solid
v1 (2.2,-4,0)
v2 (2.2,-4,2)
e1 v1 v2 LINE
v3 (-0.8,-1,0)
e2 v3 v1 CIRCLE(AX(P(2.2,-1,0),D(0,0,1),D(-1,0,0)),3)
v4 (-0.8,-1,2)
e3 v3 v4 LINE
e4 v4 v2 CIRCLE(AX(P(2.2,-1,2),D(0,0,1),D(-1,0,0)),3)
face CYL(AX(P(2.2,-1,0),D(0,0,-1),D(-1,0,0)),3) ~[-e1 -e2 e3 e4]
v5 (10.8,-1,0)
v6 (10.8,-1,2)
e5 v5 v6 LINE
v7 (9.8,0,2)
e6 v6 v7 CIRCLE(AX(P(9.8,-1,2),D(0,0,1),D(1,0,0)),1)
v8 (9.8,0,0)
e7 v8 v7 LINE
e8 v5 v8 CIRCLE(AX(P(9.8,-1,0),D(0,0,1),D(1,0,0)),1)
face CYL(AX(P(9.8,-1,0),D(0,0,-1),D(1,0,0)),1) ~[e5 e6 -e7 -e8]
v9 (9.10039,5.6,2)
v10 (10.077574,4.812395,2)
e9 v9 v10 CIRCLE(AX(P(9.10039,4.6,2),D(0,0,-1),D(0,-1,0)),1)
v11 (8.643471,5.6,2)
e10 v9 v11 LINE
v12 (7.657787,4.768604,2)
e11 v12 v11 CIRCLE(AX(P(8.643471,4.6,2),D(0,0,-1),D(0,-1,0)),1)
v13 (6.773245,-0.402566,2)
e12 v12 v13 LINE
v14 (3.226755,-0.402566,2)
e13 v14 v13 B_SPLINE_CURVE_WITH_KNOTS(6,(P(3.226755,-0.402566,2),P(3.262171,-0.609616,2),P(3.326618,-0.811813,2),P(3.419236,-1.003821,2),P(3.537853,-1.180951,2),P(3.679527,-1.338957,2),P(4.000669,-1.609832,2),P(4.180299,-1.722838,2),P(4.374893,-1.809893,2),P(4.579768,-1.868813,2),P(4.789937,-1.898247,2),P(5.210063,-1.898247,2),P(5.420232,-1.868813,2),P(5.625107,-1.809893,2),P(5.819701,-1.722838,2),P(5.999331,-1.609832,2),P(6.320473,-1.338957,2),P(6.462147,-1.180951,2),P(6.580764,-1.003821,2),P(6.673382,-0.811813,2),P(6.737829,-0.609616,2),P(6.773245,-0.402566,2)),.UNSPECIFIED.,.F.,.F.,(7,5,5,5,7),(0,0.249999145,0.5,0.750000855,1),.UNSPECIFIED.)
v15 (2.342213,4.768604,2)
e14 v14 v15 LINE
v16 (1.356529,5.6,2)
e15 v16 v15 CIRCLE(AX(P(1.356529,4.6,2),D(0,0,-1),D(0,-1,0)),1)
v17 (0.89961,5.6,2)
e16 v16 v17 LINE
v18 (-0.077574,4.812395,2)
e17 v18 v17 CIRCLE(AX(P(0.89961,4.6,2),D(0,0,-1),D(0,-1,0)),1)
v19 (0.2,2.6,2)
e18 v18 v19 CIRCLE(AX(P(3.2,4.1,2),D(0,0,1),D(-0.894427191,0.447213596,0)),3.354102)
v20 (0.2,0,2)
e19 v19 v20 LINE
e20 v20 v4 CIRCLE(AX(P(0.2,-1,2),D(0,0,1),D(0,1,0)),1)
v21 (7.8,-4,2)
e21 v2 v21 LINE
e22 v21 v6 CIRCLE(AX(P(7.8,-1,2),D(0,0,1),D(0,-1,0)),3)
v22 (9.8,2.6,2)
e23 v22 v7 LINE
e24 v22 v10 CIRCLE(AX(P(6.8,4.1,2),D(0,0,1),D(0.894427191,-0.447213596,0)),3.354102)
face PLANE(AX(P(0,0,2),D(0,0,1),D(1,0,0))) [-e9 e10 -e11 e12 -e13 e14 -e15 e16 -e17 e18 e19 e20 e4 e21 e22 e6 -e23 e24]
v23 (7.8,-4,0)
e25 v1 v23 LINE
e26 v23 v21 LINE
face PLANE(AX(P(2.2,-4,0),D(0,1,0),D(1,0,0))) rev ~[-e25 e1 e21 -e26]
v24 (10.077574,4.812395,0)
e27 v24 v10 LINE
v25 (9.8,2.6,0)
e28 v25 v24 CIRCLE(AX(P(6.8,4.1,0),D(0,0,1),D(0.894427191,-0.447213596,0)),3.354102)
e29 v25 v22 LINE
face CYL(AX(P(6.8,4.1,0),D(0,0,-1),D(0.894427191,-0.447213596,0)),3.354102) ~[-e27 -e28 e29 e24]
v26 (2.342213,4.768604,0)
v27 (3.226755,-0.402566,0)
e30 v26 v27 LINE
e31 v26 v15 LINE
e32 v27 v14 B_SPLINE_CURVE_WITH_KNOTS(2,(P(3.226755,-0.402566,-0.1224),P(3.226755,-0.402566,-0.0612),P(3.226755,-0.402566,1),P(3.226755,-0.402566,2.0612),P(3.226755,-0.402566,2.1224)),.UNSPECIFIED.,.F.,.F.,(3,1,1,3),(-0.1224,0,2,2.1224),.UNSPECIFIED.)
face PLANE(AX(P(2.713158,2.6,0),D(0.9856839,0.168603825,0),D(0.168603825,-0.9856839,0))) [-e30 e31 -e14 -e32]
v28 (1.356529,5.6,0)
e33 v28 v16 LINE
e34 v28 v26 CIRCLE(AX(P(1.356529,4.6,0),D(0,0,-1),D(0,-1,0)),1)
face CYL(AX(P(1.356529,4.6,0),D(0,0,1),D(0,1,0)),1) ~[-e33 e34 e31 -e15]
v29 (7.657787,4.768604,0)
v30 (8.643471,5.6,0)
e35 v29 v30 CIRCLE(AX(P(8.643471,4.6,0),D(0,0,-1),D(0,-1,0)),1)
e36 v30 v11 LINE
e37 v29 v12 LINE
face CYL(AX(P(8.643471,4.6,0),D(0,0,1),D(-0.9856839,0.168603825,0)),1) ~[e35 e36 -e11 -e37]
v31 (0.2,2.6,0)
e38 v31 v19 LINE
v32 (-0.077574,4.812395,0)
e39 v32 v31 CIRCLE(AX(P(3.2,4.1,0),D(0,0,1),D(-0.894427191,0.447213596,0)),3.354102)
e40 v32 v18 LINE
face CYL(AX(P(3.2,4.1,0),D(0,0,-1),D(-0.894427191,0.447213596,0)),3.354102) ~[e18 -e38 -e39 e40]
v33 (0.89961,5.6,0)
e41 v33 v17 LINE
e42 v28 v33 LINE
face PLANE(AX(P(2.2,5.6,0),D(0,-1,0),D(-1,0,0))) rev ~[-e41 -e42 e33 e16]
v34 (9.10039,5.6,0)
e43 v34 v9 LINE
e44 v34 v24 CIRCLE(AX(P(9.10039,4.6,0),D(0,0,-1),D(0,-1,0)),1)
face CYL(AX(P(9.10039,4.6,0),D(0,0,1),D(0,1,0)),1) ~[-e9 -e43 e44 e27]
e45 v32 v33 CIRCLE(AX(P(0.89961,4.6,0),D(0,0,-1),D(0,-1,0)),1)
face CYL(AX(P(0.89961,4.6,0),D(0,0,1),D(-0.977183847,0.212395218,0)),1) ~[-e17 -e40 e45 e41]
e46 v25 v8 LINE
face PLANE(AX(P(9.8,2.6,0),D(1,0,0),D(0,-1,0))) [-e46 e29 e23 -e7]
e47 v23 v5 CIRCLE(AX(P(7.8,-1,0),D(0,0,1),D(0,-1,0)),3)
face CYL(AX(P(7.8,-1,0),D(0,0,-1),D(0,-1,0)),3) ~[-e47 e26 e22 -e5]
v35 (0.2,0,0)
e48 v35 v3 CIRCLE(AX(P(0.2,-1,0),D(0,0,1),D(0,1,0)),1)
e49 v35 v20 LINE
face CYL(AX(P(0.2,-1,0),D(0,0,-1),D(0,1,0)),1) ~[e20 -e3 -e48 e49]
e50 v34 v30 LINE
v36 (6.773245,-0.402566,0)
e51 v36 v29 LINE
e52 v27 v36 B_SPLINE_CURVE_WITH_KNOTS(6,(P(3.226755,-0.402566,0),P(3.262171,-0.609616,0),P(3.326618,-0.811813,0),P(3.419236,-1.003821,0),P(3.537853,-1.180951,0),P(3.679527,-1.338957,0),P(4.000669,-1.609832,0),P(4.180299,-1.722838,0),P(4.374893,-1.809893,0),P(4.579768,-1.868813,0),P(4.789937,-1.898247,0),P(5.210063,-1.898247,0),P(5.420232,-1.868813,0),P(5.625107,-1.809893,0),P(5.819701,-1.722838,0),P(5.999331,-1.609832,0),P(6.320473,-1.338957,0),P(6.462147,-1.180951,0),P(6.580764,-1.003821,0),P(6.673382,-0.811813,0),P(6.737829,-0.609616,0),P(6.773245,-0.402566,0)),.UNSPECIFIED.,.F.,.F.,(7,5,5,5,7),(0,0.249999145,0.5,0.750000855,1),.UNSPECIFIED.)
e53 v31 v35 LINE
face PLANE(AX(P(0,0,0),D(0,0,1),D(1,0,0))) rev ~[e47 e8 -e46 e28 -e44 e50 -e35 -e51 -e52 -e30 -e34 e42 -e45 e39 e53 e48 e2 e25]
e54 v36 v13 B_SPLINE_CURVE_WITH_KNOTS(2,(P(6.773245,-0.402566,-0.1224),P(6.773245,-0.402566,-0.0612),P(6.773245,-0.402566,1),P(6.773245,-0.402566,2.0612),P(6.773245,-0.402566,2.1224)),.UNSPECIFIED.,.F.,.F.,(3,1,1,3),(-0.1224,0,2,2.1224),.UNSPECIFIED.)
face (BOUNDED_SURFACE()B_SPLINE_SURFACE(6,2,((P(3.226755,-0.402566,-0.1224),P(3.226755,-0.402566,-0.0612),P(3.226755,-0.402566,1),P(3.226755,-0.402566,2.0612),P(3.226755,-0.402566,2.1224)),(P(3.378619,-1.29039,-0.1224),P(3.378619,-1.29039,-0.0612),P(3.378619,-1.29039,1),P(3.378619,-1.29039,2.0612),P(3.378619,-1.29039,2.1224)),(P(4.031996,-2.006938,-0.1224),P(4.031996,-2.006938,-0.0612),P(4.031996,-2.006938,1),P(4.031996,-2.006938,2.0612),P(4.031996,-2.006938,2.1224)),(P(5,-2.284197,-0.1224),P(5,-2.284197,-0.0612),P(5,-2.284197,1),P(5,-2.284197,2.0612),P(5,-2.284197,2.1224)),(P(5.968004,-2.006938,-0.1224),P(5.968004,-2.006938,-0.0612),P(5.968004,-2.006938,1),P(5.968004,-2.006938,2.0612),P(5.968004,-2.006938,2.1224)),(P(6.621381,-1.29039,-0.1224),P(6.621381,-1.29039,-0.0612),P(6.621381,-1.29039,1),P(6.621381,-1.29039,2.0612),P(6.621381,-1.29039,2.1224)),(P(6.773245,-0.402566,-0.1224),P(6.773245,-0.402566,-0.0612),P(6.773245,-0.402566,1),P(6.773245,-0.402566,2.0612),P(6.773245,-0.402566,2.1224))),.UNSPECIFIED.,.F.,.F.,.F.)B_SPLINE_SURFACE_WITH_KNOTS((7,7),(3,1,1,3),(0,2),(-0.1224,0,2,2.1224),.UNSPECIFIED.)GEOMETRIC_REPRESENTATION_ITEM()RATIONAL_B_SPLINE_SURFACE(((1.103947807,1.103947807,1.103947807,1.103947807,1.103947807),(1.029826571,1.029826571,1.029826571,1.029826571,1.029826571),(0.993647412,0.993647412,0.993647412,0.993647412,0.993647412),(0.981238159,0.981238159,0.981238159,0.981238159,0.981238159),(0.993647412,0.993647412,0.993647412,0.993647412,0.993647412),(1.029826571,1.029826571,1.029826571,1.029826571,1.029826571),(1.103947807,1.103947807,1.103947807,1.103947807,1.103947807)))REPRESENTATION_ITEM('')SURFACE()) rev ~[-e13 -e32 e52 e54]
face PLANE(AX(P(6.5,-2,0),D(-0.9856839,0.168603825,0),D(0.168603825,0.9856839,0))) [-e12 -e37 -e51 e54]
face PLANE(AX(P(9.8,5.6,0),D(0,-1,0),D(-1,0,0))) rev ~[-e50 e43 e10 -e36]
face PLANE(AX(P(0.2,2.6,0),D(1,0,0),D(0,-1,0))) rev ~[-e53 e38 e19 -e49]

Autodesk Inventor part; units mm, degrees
ref_plane "YZ Plane" through (0, 0, 0) normal (1, 0, 0) x (0, 1, 0)
ref_plane "XZ Plane" through (0, 0, 0) normal (0, 1, 0) x (-1, 0, 0)
ref_plane "XY Plane" through (0, 0, 0) normal (0, 0, 1) x (1, 0, 0)
sketch "lock_sketch" plane through (0, 0, 0) normal (0, 0, 1) x (1, 0, 0)
  line L0 (0, 0) -> (10, 0) projected
  line L1 (10, 0) -> (10, 2.6) projected
  line L2 (0, 2.6) -> (10, 2.6) projected
  line L3 (0, 0) -> (0, 2.6) projected
  line L4 (0.2, -4) -> (9.8, -4) construction
  line L5 (9.8, -4) -> (9.8, 5.6) construction
  line L6 (9.8, 5.6) -> (0.2, 5.6)
  line L7 (0.2, 5.6) -> (0.2, -4) construction
  arc A0 (0.2, 5.6) -> (0.2, 2.6) centre (3.2, 4.1) ccw
  arc A1 (9.8, 2.6) -> (9.8, 5.6) centre (6.8, 4.1) ccw
  line L8 (5, -4) -> (5, 0) construction
  line L9 (9.8, 2.6) -> (9.8, 0)
  line L10 (0.2, 2.6) -> (0.2, 0)
  line L11 (0.2, 0) -> (0.2, 0)
  line L12 (-0.8, -1) -> (-0.8, -1)
  line L13 (2.2, -4) -> (7.8, -4)
  line L14 (10.8, -1) -> (10.8, -1)
  line L15 (9.8, 0) -> (9.8, 0)
  arc A2 (-0.8, -1) -> (2.2, -4) centre (2.2, -1) ccw
  arc A3 (7.8, -4) -> (10.8, -1) centre (7.8, -1) ccw
  arc A4 (0.2, 0) -> (-0.8, -1) centre (0.2, -1) ccw
  arc A5 (10.8, -1) -> (9.8, 0) centre (9.8, -1) ccw
  line L16 (2.2, 5.6) -> (3.5, -2)
  line L17 (3.5, -2) -> (6.5, -2)
  line L18 (6.5, -2) -> (7.8, 5.6)
  point P0 (-0.8, 0)
  point P1 (10.8, 0)
  point P2 (0.2, 0)
  point P3 (9.8, 0)
  point P4 (5, -4)
  dimension "d4" = 0
  dimension "d0" = 10
  dimension "d1" = 9.6
  dimension "d2" = 0.2
  dimension "d6" = 3
  dimension "d7" = 3
  dimension "d9" = 2
  dimension "d10" = 2
  dimension "d14" = 4
  dimension "d17" = 3
  dimension "d18" = 1
  dimension "d19" = 1
  dimension "d22" = 3
  dimension "d23" = 1
  dimension "d24" = 3
  dimension "d25" = 2
extrude "lock" add sketch "lock_sketch" along normal blind 2 contours L10 L2 L16 L0 | L0 L16 L17 L18 A5 A3 L13 A2 A4 | A0 L6 L16 L2 | L18 L2 L9 L0 | L18 L6 A1 L2
fillet "teeth" radius 1 4 edges at (2.2, 5.6, 1) (7.8, 5.6, 1) (0.2, 5.6, 1) (9.8, 5.6, 1)
fillet "inside" radius 1.8 2 edges at (3.5, -2, 1) (6.5, -2, 1)
equation "\"d2\" = -0.5 * d1 + 0.5 * d0"
equation "\"d7\" = d17"
equation "\"d19\" = d18"
equation "\"d25\" = 0.5 * d14"
properties part number "fastener_lock" material "ABS Plastic"
